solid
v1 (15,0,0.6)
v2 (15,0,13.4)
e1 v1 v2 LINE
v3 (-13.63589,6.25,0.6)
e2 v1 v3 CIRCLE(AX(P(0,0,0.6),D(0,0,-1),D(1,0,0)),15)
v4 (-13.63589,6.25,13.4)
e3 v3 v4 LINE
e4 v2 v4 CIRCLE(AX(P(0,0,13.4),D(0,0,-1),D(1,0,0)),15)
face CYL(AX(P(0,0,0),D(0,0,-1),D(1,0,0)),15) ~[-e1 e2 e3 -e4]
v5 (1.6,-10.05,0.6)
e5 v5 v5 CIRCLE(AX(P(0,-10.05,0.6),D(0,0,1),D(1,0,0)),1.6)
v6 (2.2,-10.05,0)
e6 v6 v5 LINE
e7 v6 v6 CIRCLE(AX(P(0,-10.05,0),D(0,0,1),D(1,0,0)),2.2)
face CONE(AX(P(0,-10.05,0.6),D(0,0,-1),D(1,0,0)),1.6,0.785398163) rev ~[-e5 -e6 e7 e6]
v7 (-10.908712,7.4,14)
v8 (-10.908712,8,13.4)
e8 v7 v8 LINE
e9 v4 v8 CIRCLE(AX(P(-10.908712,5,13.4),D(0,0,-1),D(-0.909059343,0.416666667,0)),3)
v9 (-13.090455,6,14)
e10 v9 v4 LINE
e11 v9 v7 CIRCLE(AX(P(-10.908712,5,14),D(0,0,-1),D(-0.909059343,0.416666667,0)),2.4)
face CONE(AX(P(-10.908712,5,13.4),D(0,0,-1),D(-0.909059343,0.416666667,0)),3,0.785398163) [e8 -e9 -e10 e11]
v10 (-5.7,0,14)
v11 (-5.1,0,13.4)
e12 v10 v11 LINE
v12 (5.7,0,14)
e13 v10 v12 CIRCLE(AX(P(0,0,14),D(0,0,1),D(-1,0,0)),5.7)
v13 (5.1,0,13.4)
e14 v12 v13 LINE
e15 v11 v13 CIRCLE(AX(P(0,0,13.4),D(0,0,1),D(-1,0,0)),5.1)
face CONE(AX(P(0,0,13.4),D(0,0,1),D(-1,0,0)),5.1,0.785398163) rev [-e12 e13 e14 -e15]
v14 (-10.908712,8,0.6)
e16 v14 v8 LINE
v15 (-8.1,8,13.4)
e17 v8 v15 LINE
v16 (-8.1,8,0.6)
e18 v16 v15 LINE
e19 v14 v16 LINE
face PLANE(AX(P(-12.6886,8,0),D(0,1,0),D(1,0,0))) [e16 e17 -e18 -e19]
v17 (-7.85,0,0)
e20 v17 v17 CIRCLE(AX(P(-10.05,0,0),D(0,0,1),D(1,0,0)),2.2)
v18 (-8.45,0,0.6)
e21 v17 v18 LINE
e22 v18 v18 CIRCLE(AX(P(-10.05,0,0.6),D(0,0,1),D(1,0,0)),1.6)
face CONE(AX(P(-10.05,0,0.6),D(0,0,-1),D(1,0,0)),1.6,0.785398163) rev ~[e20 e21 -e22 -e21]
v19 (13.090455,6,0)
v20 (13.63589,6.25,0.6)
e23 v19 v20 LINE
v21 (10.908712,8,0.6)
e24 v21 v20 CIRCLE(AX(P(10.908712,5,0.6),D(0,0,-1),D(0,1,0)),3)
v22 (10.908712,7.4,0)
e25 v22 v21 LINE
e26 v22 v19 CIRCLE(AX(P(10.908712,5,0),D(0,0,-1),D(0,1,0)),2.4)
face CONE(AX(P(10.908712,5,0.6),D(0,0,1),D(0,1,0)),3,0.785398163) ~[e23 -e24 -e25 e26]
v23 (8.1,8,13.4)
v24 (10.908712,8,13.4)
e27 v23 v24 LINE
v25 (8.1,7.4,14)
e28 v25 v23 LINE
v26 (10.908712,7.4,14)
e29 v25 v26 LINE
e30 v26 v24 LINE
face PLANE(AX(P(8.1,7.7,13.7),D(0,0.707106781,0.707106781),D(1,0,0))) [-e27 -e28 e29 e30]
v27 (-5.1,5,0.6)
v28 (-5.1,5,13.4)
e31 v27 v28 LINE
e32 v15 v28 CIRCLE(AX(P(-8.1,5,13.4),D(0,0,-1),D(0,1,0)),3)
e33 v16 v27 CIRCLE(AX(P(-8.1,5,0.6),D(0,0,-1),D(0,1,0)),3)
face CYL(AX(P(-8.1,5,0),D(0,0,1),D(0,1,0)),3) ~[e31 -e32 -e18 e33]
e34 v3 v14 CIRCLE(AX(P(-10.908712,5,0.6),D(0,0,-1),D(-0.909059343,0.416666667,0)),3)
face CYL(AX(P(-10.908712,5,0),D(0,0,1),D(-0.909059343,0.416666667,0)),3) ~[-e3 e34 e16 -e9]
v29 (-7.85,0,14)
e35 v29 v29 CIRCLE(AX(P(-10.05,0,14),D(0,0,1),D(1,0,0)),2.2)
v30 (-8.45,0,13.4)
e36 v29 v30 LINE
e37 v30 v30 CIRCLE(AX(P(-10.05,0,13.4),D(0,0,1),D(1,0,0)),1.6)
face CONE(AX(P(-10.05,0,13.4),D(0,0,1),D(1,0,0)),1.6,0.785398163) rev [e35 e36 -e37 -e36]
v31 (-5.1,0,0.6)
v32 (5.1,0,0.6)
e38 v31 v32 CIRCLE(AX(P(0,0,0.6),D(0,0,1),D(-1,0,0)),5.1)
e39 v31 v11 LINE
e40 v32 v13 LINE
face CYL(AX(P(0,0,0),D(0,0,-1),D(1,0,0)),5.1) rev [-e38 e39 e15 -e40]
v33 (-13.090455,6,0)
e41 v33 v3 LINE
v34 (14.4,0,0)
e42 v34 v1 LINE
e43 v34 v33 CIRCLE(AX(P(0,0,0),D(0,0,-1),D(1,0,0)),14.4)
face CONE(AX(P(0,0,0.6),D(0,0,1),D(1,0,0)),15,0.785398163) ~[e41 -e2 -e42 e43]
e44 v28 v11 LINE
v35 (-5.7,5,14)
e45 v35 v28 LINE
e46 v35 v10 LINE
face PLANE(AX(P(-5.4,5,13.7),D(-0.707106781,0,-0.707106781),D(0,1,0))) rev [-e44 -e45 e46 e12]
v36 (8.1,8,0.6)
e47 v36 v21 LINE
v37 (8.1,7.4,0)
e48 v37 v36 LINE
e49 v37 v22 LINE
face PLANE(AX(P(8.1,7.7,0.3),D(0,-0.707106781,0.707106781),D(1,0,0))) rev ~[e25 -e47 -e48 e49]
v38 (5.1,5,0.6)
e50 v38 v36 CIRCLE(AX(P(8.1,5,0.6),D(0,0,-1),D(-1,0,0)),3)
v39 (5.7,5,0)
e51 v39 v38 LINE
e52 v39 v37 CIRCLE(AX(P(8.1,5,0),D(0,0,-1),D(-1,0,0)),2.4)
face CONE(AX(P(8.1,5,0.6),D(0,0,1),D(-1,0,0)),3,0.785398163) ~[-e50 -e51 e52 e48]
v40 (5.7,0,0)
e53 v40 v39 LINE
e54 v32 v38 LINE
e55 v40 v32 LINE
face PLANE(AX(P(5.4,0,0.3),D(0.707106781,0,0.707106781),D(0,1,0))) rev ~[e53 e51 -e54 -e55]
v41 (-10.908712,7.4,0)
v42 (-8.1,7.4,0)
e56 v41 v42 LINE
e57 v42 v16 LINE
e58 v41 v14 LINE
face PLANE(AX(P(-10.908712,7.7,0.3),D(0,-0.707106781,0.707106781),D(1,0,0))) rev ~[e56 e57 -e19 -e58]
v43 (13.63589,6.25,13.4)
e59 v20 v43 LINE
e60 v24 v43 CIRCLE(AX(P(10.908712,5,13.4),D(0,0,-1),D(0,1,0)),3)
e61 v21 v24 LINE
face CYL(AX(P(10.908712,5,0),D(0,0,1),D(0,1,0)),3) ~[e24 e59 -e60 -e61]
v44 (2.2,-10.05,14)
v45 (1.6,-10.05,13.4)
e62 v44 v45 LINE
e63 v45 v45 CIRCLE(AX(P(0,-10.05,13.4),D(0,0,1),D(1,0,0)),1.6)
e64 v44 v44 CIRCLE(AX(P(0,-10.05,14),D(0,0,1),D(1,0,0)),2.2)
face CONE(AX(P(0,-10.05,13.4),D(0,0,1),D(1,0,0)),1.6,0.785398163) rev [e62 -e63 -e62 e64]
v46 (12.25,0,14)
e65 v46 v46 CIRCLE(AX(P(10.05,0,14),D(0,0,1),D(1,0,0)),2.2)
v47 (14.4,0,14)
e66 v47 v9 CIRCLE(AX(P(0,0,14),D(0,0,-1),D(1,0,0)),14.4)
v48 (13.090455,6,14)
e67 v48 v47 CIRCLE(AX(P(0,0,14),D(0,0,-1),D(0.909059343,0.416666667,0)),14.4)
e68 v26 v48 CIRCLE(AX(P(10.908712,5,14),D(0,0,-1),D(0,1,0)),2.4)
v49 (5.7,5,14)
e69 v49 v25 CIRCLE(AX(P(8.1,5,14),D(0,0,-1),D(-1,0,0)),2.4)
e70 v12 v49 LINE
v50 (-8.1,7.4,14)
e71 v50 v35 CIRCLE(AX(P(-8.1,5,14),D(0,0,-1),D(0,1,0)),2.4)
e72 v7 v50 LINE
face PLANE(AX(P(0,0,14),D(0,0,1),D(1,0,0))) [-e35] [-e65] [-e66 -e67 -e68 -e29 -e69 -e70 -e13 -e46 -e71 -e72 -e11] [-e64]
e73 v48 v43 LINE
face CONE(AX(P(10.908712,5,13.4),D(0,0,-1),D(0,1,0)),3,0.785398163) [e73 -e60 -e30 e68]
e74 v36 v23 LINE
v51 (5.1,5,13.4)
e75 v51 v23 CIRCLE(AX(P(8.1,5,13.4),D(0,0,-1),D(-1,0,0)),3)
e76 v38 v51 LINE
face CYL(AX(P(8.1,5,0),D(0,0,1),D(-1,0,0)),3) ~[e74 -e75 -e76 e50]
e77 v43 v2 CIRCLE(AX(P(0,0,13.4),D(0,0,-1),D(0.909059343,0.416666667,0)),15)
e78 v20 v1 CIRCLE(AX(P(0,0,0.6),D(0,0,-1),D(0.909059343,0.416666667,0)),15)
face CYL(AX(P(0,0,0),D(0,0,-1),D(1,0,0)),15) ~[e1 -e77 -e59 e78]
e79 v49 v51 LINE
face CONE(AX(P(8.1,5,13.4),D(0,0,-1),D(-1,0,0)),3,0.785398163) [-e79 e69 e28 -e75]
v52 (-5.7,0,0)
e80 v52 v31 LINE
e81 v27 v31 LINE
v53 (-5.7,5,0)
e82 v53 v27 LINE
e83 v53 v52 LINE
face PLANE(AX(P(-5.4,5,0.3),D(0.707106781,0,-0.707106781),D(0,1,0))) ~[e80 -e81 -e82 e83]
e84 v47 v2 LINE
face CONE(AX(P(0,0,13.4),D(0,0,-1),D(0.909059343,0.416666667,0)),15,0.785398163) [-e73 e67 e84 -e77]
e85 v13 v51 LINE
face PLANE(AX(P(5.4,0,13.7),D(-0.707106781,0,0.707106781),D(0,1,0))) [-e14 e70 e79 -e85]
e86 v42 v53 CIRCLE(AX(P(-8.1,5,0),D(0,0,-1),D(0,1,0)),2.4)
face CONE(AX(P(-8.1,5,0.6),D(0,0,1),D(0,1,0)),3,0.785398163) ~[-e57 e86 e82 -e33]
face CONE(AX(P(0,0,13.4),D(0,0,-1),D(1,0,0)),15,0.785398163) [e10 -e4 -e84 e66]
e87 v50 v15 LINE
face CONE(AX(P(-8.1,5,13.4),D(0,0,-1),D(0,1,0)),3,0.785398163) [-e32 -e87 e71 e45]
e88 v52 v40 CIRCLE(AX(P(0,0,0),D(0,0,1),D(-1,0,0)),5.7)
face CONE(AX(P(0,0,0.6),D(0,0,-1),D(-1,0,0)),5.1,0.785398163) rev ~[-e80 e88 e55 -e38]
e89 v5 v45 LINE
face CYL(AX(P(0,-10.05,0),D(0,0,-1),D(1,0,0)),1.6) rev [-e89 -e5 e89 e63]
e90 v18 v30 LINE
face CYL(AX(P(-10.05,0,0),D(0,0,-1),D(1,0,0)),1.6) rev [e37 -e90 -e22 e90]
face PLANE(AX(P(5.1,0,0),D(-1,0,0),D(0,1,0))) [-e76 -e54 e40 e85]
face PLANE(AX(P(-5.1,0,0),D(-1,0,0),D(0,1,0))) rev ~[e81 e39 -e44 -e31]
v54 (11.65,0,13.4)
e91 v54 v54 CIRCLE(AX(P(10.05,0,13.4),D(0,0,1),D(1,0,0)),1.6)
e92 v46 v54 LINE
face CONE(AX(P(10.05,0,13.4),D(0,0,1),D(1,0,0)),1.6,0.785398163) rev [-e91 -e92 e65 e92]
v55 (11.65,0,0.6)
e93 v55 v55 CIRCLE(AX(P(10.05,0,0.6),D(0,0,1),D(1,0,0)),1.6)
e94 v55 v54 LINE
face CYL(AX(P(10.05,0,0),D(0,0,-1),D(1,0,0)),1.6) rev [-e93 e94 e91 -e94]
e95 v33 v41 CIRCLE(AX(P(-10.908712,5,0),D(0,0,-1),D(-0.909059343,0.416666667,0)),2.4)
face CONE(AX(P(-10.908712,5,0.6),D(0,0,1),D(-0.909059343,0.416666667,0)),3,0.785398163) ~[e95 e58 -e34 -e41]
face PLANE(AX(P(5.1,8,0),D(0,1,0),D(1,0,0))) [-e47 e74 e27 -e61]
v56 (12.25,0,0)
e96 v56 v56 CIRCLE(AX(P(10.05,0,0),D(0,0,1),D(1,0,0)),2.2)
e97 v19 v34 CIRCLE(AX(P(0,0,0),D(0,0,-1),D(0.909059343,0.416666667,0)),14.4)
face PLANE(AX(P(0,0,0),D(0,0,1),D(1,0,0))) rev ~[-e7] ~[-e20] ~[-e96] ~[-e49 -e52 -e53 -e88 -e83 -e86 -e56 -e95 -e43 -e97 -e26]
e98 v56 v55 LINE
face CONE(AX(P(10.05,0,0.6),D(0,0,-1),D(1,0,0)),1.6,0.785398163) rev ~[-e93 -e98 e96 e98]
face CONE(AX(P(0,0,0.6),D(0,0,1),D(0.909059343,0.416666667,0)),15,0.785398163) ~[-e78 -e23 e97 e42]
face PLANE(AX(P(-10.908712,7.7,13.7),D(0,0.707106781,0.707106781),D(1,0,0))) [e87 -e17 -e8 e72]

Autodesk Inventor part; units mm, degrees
ref_plane "YZ Plane" through (0, 0, 0) normal (1, 0, 0) x (0, 1, 0)
ref_plane "XZ Plane" through (0, 0, 0) normal (0, 1, 0) x (-1, 0, 0)
ref_plane "XY Plane" through (0, 0, 0) normal (0, 0, 1) x (1, 0, 0)
sketch "Эскиз1" plane through (0, 0, 0) normal (0, 0, 1) x (1, 0, 0)
  circle A0 centre (0, 0) radius 5.1
  circle A1 centre (0, 0) radius 15
  line L0 (0, -21) -> (0, 21) construction
  line L1 (-21, 0) -> (21, 0) construction
  circle A2 centre (0, 0) radius 10.05 construction
  circle A3 centre (-10.05, 0) radius 1.6
  circle A4 centre (0, -10.05) radius 1.6
  circle A5 centre (10.05, 0) radius 1.6
  line L2 (-12.6886, 8) -> (12.6886, 8)
  line L3 (-5.1, 0) -> (-5.1, 8)
  line L4 (5.1, 0) -> (5.1, 8)
  dimension "d0" = 10.2
  dimension "d1" = 30
  dimension "d2" = 20.1
  dimension "d3" = 3.2
  dimension "d4" = 8
extrude "Выдавливание1" add sketch "Эскиз1" along normal blind 14 contours L4 L2 A1 L3 A0
fillet "Сопряжение1" radius 3 4 edges at (-12.6886, 8, 7) (-5.1, 8, 7) (5.1, 8, 7) (12.6886, 8, 7)
chamfer "Фаска1" distance 0.6 angle 45 26 edges at (-5.9787, 7.1213, 14) (-5.1, 2.5, 14) (0, -5.1, 14) (5.1, 2.5, 14) (5.9787, 7.1213, 14) (9.5044, 8, 14) (12.5289, 7.5249, 14) (0, -15, 14) (-12.5289, 7.5249, 14) (-9.5044, 8, 14) (-11.65, 0, 14) (-1.6, -10.05, 14) (8.45, 0, 14) (0, -5.1, 0) (-5.1, 2.5, 0) (-5.9787, 7.1213, 0) (-9.5044, 8, 0) (-12.5289, 7.5249, 0) (0, -15, 0) (12.5289, 7.5249, 0) (9.5044, 8, 0) (5.9787, 7.1213, 0) (5.1, 2.5, 0) (-11.65, 0, 0) (-1.6, -10.05, 0) (8.45, 0, 0)
equation "\"d2\" = 0.5 * d0 + 0.5 * d1"
properties part number "Проставка катушки правая"
